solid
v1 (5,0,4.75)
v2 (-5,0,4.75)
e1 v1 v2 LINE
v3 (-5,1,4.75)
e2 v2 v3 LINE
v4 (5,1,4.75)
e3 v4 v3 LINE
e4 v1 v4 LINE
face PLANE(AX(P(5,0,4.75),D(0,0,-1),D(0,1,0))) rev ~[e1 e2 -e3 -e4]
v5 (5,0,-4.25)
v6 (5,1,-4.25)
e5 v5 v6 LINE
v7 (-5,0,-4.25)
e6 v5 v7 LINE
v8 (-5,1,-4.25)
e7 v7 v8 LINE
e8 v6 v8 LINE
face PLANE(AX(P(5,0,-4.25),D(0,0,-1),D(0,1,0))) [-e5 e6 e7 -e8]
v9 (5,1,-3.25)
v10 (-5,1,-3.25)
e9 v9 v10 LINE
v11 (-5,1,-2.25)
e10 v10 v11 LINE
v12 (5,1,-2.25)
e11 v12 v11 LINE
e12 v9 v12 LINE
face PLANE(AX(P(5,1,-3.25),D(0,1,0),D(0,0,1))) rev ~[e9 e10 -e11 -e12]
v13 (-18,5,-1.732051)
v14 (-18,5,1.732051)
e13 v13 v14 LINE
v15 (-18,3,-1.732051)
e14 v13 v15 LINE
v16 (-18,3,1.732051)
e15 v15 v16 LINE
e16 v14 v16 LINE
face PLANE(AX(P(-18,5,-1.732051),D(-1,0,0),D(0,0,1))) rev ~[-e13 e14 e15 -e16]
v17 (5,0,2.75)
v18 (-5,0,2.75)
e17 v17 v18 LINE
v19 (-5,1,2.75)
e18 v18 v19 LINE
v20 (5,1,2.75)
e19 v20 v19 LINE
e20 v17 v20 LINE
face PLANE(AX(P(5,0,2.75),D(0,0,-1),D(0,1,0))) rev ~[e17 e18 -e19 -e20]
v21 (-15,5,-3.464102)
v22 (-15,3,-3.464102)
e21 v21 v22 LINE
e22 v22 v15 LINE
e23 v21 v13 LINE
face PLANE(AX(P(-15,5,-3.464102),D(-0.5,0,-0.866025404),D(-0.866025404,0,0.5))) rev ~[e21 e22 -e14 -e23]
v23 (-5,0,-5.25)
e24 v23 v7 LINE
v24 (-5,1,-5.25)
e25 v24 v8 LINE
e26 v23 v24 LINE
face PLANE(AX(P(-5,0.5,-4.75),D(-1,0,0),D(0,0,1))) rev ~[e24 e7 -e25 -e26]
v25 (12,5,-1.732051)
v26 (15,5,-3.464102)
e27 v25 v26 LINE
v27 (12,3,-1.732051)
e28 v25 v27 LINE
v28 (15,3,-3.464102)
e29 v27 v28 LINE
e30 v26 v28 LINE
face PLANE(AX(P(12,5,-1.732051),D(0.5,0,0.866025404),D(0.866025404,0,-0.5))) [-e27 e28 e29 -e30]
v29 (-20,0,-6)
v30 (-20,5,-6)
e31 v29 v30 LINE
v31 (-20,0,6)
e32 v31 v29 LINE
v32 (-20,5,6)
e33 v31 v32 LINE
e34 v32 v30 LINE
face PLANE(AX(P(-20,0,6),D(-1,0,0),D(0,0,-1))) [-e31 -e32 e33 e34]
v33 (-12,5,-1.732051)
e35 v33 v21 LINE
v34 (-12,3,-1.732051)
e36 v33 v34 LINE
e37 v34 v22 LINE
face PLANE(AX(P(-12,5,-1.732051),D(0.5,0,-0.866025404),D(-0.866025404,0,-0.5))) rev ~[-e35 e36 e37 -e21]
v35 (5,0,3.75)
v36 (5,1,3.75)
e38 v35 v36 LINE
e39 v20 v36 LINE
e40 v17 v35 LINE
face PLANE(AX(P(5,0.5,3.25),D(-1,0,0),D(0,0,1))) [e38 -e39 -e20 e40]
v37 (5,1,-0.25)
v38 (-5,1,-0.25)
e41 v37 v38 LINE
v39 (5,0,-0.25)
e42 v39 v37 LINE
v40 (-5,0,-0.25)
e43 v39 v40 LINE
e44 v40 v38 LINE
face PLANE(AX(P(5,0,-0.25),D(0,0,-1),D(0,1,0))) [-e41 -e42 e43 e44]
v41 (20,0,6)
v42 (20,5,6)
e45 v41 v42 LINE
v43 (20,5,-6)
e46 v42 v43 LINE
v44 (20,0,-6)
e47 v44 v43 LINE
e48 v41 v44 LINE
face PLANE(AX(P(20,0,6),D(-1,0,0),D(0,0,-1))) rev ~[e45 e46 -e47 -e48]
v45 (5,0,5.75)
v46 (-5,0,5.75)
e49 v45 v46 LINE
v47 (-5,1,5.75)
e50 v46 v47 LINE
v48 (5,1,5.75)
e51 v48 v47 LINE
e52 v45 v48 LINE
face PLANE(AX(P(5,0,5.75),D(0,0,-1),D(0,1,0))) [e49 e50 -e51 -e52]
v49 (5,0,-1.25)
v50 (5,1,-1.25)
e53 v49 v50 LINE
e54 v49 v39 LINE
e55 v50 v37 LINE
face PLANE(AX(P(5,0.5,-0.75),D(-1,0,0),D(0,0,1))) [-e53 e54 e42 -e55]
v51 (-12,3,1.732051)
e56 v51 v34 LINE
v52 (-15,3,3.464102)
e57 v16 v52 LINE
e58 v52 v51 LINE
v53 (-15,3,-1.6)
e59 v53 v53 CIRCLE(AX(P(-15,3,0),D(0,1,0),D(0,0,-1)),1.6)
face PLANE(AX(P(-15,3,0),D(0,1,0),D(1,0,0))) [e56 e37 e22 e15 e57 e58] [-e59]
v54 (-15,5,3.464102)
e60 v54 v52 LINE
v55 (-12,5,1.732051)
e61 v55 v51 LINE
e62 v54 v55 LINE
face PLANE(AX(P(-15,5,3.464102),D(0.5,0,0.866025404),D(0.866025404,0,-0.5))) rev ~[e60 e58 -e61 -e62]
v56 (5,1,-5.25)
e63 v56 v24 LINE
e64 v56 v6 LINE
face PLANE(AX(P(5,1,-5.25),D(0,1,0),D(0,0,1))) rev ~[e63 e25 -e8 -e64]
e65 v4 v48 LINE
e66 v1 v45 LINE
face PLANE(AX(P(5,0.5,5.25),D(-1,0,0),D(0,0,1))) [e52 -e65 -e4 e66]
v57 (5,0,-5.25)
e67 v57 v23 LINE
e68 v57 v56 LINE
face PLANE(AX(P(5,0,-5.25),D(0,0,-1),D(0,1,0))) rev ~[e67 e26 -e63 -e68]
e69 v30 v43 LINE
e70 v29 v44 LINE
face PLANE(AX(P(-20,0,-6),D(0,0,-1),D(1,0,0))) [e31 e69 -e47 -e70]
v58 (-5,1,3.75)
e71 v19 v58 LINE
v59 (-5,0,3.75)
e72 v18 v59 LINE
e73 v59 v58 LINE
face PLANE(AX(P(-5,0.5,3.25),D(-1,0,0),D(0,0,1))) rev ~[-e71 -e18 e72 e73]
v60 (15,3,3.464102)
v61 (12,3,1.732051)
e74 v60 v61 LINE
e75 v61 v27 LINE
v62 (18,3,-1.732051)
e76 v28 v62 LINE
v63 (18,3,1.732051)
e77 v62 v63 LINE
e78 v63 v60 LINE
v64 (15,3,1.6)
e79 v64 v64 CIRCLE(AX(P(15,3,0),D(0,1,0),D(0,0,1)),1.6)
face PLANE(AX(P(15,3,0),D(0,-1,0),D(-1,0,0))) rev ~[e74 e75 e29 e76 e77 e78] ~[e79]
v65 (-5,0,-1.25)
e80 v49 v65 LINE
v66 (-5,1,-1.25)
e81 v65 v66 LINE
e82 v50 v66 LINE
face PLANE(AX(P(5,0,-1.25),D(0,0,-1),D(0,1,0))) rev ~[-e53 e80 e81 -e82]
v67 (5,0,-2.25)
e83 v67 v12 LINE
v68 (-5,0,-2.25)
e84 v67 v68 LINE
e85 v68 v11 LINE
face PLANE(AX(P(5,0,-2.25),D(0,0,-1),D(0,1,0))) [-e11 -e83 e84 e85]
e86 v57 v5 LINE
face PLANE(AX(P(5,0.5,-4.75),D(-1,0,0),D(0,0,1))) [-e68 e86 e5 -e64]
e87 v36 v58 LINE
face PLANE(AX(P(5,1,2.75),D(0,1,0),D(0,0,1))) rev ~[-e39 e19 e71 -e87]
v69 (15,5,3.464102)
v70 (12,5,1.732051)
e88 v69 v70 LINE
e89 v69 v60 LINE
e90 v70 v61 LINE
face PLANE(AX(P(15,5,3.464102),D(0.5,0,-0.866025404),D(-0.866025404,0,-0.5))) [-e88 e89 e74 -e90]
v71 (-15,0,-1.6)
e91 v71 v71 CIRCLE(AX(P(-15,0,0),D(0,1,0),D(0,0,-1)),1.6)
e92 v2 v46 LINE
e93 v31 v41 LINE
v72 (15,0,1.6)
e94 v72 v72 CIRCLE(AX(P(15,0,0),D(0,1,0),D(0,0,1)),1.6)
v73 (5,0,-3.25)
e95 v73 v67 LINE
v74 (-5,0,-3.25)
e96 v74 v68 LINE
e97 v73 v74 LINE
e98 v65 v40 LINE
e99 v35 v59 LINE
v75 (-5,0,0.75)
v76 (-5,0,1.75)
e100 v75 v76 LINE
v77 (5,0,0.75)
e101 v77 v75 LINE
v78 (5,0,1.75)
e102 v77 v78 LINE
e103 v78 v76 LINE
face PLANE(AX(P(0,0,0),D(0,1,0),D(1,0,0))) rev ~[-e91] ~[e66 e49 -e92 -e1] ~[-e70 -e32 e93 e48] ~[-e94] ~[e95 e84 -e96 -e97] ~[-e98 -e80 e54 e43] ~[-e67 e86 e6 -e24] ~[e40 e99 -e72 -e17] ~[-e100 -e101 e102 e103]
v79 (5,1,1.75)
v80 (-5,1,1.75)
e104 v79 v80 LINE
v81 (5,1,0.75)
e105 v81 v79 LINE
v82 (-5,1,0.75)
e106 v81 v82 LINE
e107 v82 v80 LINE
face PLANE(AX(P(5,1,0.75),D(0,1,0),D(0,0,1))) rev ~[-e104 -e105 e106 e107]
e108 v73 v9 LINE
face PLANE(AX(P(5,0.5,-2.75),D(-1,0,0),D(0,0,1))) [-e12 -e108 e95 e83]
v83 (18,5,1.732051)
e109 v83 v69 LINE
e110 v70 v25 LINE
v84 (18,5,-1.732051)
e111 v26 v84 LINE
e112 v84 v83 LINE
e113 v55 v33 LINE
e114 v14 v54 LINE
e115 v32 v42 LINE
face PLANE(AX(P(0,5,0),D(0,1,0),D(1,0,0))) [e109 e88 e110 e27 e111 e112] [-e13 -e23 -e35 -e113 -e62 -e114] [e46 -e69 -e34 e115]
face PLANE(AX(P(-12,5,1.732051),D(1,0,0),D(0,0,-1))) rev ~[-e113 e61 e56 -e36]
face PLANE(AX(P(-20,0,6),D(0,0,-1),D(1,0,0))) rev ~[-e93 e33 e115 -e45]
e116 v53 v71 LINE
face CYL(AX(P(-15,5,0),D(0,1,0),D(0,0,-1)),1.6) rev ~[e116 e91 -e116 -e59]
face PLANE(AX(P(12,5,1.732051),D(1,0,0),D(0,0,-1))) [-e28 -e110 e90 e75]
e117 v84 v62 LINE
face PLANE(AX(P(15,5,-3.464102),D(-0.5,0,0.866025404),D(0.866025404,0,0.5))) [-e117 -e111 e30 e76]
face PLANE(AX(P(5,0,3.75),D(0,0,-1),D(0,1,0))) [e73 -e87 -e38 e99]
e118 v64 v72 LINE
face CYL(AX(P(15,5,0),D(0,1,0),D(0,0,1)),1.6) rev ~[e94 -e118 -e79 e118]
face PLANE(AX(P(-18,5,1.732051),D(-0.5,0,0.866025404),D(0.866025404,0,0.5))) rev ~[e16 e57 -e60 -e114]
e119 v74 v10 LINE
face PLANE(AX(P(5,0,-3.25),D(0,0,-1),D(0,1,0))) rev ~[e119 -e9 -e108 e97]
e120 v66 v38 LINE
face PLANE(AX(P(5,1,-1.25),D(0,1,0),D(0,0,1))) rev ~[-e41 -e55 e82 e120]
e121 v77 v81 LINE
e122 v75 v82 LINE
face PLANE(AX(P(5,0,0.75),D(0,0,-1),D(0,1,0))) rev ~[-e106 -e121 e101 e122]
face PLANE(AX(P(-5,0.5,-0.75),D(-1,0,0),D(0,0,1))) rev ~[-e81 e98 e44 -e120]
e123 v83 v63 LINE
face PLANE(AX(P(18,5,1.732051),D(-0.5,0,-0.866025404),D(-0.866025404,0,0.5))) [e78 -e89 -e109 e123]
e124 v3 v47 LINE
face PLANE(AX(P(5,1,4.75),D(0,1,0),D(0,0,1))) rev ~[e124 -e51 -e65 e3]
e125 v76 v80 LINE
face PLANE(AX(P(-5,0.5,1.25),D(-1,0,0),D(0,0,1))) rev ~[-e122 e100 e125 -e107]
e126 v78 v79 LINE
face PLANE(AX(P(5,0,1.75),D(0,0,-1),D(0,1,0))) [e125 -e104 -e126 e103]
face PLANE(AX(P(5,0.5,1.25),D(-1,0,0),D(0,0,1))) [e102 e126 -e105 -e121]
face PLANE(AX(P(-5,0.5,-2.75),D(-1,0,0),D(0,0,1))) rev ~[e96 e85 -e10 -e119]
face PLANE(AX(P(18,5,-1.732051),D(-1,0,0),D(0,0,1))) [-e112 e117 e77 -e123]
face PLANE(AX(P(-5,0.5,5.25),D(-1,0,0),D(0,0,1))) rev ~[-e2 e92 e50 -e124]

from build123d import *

# Parameters (mm, degrees)
SKETCH1_W           = 40
SKETCH1_H           = 12
BOSS_EXTRUDE1_DEPTH = 5
SKETCH2_R           = 1.6
CUT_EXTRUDE2_DEPTH  = 22.470910554
TEETH_DEPTH         = 5
TEETH_DEPTH_BACK    = 5
TEETH_START         = -20
SKETCH3_W           = 1
SKETCH3_H           = 1
CUT_EXTRUDE4_DEPTH  = 2


with BuildPart() as part:
    # Sketch1 → Boss-Extrude1 (new body)
    with BuildSketch(Plane(origin=(0, 0, 0), x_dir=(1, 0, 0), z_dir=(0, 1, 0))):
        Rectangle(SKETCH1_W, SKETCH1_H)
    extrude(amount=BOSS_EXTRUDE1_DEPTH)

    # Sketch2 → Cut-Extrude2 (cut, through all)
    with BuildSketch(Plane(origin=(0, 5, 0), x_dir=(1, 0, 0), z_dir=(0, 1, 0))):
        with Locations(Location((15, 0, 0), (0, 0, 270))):
            Circle(SKETCH2_R)
        with Locations(Location((-15, 0, 0), (0, 0, 90))):
            Circle(SKETCH2_R)
    extrude(amount=-CUT_EXTRUDE2_DEPTH, mode=Mode.SUBTRACT)

    # Sketch3 → Teeth (cut, two sides: drawn at the far end of the back side and taken through both)
    with BuildSketch(Plane.ZY.offset(20).offset(TEETH_START - TEETH_DEPTH_BACK)):
        with Locations((-4.75, 0.5)):
            Rectangle(SKETCH3_W, SKETCH3_H)
        with Locations((-2.75, 0.5)):
            Rectangle(SKETCH3_W, SKETCH3_H)
        with Locations((-0.75, 0.5)):
            Rectangle(SKETCH3_W, SKETCH3_H)
        with Locations((1.25, 0.5)):
            Rectangle(SKETCH3_W, SKETCH3_H)
        with Locations((3.25, 0.5)):
            Rectangle(SKETCH3_W, SKETCH3_H)
        with Locations((5.25, 0.5)):
            Rectangle(SKETCH3_W, SKETCH3_H)
        with Locations((7.25, 0.5)):
            Rectangle(SKETCH3_W, SKETCH3_H)
        with Locations((9.25, 0.5)):
            Rectangle(SKETCH3_W, SKETCH3_H)
    extrude(amount=TEETH_DEPTH + TEETH_DEPTH_BACK, mode=Mode.SUBTRACT)

    # Sketch4 → Cut-Extrude4 (cut)
    with BuildSketch(Plane(origin=(0, 5, 0), x_dir=(1, 0, 0), z_dir=(0, 1, 0))):
        Polygon((-15, 3.464101615), (-18, 1.732050808), (-18, -1.732050808), (-15, -3.464101615), (-12, -1.732050808), (-12, 1.732050808), align=None)
        Polygon((12, 1.732050808), (15, 3.464101615), (18, 1.732050808), (18, -1.732050808), (15, -3.464101615), (12, -1.732050808), align=None)
    extrude(amount=-CUT_EXTRUDE4_DEPTH, mode=Mode.SUBTRACT)


solid = part.part
